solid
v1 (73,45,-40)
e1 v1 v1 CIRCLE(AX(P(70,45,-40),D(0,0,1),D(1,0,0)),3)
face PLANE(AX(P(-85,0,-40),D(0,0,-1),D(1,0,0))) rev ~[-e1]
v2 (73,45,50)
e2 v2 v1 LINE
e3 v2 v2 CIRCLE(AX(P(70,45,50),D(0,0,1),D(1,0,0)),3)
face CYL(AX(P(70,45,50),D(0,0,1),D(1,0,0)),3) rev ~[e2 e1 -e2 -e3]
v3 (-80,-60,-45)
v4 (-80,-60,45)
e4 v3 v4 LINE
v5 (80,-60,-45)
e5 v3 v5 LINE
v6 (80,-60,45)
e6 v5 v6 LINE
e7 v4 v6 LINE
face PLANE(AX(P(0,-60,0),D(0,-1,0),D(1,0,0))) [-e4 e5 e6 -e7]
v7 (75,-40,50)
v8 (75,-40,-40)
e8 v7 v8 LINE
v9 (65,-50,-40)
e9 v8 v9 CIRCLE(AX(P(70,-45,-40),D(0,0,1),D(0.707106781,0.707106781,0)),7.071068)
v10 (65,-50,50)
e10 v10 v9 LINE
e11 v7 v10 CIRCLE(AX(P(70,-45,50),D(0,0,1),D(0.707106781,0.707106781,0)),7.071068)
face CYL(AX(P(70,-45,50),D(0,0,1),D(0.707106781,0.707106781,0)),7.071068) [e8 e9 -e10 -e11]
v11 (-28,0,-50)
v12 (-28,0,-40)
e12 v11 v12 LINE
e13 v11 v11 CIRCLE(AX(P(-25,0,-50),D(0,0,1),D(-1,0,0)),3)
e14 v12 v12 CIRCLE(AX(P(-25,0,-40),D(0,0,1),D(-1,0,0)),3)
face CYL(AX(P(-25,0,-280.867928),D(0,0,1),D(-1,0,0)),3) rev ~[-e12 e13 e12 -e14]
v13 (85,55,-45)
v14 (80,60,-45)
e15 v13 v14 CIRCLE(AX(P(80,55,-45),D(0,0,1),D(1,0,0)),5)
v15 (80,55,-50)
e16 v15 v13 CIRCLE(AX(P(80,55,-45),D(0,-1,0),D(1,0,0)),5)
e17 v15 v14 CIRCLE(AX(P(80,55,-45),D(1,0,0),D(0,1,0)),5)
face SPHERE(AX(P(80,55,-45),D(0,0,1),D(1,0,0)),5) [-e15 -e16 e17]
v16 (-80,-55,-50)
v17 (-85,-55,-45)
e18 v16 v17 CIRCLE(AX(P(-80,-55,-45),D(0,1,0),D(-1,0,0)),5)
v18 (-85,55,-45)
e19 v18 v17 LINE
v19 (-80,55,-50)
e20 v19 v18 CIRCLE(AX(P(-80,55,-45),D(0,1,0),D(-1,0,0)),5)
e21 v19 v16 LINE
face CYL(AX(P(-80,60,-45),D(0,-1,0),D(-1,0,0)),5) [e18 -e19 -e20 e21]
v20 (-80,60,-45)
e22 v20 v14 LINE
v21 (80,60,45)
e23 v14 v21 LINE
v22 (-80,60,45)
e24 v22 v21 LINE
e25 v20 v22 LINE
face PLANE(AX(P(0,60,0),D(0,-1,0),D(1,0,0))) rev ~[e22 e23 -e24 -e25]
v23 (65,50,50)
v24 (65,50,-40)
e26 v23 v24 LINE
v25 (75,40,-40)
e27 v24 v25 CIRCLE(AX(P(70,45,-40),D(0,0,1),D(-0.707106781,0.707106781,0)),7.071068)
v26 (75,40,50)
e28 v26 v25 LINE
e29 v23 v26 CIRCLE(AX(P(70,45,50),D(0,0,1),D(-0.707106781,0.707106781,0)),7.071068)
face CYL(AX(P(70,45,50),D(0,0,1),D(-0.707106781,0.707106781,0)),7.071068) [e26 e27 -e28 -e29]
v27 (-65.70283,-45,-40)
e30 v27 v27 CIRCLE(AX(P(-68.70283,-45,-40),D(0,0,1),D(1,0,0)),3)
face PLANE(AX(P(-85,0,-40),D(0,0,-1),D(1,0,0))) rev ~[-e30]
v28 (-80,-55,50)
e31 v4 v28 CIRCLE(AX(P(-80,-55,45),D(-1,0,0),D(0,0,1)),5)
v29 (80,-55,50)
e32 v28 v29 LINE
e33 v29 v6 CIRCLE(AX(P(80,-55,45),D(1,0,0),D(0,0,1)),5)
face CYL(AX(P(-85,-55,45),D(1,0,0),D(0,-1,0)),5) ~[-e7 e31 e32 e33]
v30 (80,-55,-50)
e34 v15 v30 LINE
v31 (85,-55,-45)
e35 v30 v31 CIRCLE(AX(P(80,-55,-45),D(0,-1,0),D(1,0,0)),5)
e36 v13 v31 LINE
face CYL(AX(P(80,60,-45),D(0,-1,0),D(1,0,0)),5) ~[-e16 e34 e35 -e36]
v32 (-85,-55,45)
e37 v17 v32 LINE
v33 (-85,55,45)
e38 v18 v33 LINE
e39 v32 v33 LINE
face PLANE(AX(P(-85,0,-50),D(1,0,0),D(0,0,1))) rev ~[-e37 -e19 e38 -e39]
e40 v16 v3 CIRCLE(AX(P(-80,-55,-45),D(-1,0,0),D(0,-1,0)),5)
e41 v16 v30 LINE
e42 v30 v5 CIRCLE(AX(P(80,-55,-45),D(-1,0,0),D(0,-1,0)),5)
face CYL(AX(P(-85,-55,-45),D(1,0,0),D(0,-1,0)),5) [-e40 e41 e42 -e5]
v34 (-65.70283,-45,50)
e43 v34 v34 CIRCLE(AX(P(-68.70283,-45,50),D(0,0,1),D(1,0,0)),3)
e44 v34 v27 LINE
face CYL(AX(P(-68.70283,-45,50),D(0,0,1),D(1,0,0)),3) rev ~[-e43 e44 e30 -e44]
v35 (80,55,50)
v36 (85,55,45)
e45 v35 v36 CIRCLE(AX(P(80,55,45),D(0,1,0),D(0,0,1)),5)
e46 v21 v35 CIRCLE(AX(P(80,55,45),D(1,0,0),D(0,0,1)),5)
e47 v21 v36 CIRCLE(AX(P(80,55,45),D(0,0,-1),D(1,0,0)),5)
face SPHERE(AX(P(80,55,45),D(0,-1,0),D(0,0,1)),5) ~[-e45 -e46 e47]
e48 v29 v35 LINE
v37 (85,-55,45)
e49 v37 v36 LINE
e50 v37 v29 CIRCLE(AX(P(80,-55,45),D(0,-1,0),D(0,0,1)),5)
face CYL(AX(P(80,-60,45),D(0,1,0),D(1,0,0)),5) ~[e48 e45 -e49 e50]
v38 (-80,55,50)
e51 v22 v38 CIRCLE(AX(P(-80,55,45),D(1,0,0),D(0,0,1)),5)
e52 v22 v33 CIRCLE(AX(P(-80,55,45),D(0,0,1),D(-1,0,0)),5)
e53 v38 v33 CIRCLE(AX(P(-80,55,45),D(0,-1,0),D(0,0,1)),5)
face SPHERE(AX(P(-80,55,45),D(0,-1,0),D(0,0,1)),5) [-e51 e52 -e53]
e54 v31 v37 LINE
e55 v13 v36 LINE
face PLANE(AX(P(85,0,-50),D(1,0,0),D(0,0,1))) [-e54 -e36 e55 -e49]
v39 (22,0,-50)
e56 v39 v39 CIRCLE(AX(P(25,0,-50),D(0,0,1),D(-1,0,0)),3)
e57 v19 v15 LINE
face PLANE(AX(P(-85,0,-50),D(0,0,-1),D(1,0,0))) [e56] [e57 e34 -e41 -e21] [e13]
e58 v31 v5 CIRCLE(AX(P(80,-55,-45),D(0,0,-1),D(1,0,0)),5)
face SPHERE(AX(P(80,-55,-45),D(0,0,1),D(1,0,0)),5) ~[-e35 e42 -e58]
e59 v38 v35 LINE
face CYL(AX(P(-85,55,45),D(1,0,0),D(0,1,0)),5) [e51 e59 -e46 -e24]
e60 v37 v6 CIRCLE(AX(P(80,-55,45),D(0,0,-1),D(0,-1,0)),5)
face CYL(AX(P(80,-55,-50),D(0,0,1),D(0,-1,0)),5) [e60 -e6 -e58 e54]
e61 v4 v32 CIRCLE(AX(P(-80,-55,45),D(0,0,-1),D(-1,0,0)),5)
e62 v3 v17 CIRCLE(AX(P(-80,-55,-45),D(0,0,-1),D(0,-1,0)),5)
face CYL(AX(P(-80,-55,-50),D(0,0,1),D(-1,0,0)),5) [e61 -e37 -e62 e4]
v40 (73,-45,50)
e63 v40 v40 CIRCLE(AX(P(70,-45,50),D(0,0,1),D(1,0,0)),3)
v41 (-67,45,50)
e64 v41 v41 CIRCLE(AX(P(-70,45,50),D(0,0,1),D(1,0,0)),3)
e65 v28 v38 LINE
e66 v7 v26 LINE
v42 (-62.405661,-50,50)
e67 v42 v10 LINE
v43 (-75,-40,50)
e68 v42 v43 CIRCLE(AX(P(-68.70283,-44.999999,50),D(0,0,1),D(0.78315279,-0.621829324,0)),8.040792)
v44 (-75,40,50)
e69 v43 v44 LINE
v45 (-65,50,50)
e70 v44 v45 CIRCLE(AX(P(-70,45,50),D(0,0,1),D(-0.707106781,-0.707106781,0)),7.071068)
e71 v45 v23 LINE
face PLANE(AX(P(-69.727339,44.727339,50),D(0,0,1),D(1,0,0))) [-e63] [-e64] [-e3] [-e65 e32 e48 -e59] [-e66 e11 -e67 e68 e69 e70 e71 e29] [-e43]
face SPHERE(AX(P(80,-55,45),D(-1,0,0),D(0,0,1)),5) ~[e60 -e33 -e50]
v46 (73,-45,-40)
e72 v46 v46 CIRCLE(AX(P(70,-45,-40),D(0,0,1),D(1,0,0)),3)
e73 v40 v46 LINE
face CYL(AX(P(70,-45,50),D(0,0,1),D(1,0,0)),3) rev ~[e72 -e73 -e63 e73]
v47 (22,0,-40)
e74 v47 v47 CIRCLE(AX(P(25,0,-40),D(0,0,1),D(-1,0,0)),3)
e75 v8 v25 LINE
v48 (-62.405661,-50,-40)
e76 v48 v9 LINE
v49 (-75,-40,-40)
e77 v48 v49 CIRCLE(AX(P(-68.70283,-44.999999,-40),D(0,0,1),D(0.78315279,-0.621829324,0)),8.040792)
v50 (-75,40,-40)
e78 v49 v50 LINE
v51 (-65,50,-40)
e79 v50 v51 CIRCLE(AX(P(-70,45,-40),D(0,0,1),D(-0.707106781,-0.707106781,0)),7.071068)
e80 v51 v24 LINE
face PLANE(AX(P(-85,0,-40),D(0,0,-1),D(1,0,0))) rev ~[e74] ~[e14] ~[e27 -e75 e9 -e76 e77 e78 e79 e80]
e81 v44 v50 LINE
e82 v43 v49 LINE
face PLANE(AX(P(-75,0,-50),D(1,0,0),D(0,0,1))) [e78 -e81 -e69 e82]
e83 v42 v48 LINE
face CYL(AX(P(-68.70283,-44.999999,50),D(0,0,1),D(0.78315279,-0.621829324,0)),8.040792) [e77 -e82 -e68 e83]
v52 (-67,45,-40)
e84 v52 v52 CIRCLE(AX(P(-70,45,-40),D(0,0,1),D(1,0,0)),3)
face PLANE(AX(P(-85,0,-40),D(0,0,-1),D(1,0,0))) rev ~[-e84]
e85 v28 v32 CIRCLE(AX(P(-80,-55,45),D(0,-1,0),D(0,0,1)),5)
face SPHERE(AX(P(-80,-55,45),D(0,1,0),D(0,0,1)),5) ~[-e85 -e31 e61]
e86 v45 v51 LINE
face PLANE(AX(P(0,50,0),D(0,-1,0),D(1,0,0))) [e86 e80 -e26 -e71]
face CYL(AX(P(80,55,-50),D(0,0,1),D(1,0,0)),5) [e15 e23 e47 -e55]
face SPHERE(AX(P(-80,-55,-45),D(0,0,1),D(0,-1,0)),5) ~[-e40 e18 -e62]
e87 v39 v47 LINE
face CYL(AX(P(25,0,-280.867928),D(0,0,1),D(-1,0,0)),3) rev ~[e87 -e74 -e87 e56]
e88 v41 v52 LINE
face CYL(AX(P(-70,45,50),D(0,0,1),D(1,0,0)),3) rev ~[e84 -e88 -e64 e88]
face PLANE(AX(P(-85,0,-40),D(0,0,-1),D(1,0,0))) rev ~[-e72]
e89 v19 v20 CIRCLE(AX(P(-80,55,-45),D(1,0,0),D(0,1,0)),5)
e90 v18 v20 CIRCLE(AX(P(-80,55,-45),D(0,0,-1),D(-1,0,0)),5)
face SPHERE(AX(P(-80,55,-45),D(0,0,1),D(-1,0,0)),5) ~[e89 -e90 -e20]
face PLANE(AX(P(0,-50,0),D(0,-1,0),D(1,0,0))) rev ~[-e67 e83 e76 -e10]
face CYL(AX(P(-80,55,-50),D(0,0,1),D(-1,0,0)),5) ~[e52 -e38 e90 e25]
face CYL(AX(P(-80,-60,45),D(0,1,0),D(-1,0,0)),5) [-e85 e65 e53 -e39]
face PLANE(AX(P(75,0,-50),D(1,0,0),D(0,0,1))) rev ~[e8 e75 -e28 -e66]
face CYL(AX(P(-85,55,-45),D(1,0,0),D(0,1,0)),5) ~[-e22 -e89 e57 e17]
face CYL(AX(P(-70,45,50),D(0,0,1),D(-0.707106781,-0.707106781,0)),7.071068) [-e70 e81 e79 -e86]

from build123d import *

# Parameters (mm, degrees)
F0_W     = 170
F0_H     = 100
F1_DEPTH = 60
F2_T     = -10
F3_R     = 5
F4_R     = 3
F5_DEPTH = 90
F7_D     = 6


with BuildPart() as f1:
    # F0 (on Front) → F1 (new body, symmetric)
    with BuildSketch(Plane.XZ):
        Rectangle(F0_W, F0_H)
    extrude(amount=F1_DEPTH, both=True)

    # F2
    f2_openings = [f1.faces().sort_by_distance(p)[0] for p in [
        (0, 0, 50),
    ]]
    offset(amount=F2_T, openings=f2_openings)

    # F3
    f3_edges = [f1.edges().sort_by_distance(p)[0] for p in [
        (-85, 0, 50),
        (0, -60, 50),
        (85, 0, 50),
        (0, 60, 50),
        (85, 60, 0),
        (85, -60, 0),
        (85, 0, -50),
        (-85, -60, 0),
        (0, -60, -50),
        (-85, 60, 0),
        (-85, 0, -50),
        (0, 60, -50),
    ]]
    fillet(f3_edges, radius=F3_R)

    # F4 (on face) → F5 (join, through all)
    with BuildSketch(Plane.XY.offset(50)):
        with BuildLine():
            Line((-65, 50), (-75, 50))
            Line((-75, 50), (-75, 40))
            ThreePointArc((-75, 40), (-65, 40), (-65, 50))
        make_face()
        with Locations((-70, 45)):
            Circle(F4_R, mode=Mode.SUBTRACT)
        with BuildLine():
            Line((75, 40), (75, 50))
            Line((75, 50), (65, 50))
            ThreePointArc((65, 50), (65, 40), (75, 40))
        make_face()
        with Locations((70, 45)):
            Circle(F4_R, mode=Mode.SUBTRACT)
        with BuildLine():
            Line((65, -50), (75, -50))
            Line((75, -50), (75, -40))
            ThreePointArc((75, -40), (65, -40), (65, -50))
        make_face()
        with Locations((70, -45)):
            Circle(F4_R, mode=Mode.SUBTRACT)
        with BuildLine():
            Line((-75, -40), (-75, -50))
            Line((-75, -50), (-62.405661, -50))
            ThreePointArc((-62.405661, -50), (-63.70283, -38.70283), (-75, -40))
        make_face()
        with Locations((-68.70283, -45)):
            Circle(F4_R, mode=Mode.SUBTRACT)
    extrude(amount=-F5_DEPTH)

    # F7 (through all)
    with Locations(Plane(origin=(0, 0, -50), x_dir=(1, 0, 0), z_dir=(0, 0, -1))):
        with Locations((-25, 0), (25, 0)):
            Hole(F7_D / 2)


solid = f1.part
